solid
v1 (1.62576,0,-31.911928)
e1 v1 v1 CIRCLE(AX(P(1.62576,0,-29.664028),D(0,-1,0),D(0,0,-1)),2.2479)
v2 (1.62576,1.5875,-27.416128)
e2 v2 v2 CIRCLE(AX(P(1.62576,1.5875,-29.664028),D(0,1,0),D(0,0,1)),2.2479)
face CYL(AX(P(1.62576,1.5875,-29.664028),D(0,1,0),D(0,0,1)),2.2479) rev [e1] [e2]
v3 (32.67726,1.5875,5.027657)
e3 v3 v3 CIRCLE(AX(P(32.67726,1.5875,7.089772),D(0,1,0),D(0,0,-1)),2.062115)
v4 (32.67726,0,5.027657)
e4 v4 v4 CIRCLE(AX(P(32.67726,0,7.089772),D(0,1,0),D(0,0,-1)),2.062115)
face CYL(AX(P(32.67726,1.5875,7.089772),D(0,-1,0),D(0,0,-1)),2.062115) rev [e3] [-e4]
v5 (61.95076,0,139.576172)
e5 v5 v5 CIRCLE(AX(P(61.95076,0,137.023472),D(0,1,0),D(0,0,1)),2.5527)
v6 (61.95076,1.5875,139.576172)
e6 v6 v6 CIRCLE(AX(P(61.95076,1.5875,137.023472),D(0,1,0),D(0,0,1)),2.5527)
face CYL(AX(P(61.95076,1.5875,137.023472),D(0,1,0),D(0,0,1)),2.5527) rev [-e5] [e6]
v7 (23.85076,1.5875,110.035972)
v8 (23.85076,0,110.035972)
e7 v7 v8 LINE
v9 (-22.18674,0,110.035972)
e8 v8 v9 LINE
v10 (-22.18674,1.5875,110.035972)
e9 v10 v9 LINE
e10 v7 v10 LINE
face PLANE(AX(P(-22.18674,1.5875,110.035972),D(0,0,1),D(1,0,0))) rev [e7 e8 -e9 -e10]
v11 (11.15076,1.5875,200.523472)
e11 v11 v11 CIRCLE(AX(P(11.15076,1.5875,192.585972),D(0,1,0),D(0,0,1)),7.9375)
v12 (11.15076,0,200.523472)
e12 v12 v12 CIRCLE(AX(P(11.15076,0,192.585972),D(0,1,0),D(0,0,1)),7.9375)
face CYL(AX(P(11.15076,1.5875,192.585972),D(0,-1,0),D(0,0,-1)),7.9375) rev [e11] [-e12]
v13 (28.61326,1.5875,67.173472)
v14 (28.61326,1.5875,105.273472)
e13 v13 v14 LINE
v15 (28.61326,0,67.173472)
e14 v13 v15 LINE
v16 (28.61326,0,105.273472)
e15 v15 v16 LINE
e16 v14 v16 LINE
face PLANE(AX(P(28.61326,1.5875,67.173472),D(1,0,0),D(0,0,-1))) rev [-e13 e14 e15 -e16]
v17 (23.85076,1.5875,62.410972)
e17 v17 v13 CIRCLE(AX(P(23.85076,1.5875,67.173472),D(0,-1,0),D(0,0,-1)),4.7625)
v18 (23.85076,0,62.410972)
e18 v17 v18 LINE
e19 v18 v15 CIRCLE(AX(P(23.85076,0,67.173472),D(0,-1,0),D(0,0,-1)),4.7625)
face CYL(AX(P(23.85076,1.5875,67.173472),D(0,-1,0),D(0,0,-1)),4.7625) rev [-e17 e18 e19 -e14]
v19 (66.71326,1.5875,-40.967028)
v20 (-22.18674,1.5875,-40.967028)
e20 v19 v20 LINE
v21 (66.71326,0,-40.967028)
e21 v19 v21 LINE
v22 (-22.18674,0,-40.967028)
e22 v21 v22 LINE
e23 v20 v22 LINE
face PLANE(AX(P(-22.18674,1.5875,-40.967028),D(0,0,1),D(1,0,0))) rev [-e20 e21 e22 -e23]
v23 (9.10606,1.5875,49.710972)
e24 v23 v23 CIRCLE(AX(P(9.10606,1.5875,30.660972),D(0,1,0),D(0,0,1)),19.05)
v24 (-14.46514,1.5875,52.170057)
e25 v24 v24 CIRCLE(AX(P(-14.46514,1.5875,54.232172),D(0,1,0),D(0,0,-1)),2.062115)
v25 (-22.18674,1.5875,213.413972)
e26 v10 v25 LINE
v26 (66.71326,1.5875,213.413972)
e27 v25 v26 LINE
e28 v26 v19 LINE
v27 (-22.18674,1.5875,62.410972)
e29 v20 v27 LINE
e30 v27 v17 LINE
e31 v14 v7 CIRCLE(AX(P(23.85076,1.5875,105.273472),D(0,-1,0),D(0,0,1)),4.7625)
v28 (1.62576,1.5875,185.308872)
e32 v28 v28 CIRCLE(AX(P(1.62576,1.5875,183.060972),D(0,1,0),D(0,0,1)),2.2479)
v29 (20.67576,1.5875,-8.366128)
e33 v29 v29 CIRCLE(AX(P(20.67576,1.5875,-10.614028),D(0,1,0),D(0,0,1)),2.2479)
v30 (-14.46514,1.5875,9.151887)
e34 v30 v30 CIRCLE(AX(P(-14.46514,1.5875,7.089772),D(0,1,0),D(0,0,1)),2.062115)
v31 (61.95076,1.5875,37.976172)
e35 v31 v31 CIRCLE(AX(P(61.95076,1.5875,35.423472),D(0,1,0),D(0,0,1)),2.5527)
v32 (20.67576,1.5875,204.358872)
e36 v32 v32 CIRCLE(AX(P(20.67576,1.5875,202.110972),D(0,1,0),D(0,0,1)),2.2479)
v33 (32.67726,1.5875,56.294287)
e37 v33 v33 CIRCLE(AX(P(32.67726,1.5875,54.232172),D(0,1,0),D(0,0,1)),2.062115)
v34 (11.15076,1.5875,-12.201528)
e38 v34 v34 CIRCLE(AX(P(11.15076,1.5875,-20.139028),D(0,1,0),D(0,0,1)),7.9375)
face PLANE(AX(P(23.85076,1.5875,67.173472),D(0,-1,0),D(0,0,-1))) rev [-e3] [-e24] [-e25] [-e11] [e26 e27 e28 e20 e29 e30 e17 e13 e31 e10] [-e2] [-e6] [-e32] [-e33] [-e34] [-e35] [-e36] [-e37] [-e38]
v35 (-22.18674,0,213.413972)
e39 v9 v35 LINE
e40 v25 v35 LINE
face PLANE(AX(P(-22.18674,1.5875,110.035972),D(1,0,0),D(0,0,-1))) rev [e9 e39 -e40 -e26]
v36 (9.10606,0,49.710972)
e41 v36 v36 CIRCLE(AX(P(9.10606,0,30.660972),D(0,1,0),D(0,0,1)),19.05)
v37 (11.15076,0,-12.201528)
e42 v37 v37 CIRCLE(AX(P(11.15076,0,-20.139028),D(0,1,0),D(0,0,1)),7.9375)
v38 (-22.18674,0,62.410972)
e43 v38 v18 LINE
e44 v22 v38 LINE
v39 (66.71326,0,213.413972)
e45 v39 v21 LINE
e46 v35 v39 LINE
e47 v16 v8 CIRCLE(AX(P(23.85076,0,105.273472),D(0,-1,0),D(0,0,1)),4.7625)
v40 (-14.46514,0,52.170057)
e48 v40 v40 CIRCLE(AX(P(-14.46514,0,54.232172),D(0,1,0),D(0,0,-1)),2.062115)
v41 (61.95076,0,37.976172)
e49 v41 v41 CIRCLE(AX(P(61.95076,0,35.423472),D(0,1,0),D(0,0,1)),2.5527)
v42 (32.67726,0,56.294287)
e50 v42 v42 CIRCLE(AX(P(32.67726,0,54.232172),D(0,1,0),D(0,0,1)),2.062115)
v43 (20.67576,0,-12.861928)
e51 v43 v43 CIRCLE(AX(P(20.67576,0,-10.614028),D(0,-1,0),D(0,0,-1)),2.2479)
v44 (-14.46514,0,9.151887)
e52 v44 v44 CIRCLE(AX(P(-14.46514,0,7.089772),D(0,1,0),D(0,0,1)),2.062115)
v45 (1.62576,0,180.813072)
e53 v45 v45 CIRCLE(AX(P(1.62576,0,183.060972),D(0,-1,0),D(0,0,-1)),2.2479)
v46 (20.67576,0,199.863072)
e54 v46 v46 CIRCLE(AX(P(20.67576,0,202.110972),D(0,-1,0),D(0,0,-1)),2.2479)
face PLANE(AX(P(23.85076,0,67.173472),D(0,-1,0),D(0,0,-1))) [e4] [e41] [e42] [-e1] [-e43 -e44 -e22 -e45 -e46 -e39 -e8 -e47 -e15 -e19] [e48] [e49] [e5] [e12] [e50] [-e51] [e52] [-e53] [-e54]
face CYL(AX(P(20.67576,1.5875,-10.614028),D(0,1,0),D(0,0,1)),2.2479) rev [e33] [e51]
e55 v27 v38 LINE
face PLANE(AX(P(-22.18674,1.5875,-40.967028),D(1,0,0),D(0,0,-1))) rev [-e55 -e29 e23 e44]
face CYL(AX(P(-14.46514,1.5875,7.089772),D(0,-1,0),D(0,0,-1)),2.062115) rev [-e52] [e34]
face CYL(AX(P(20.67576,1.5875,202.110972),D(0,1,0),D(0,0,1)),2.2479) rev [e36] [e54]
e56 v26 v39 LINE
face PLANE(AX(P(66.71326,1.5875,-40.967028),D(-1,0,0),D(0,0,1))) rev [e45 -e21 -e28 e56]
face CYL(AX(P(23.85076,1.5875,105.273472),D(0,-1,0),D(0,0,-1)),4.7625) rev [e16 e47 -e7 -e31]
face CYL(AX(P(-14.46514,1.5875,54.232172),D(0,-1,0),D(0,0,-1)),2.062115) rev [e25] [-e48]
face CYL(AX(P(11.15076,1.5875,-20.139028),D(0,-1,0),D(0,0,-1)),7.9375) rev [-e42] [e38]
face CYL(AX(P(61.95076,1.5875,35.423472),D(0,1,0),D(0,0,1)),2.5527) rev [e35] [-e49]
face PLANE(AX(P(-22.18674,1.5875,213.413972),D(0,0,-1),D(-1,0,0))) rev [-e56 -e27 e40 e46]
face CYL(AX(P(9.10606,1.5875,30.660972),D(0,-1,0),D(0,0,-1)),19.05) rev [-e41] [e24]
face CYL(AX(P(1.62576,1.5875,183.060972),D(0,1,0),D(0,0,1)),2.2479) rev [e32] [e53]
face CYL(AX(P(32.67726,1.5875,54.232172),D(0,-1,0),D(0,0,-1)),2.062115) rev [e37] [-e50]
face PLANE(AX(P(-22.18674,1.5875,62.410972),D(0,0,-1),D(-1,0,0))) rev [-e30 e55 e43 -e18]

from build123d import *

# Parameters (mm, degrees)
SKETCH1_R                 = 19.05
SKETCH1_R_2               = 7.9375
SKETCH1_R_3               = 2.062114731
BOSS_EXTRUDE1_DEPTH       = 1.5875
F_10_CLEARANCE_HOLE1_D    = 5.1054
F_8_CLEARANCE_HOLE1_D     = 4.4958
F_8_CLEARANCE_HOLE1_DEPTH = 6.35
F_8_CLEARANCE_HOLE1_TIP   = 1.350674586


with BuildPart() as part:
    # Sketch1 → Boss-Extrude1 (new body)
    with BuildSketch(Plane(origin=(0, 0, 0), x_dir=(1, 0, 0), z_dir=(0, 1, 0))):
        with BuildLine():
            Line((-22.186740071, -110.035971993), (-22.186740071, -213.413971993))
            Line((-22.186740071, -213.413971993), (66.713259929, -213.413971993))
            Line((66.713259929, -213.413971993), (66.713259929, 40.967028007))
            Line((66.713259929, 40.967028007), (-22.186740071, 40.967028007))
            Line((-22.186740071, 40.967028007), (-22.186740071, -62.410971993))
            Line((-22.186740071, -62.410971993), (23.850759929, -62.410971993))
            ThreePointArc((23.850759929, -62.410971993), (27.218355974, -63.805875948), (28.613259929, -67.173471993))
            Line((28.613259929, -67.173471993), (28.613259929, -105.273471993))
            ThreePointArc((28.613259929, -105.273471993), (27.218355974, -108.641068039), (23.850759929, -110.035971993))
            Line((23.850759929, -110.035971993), (-22.186740071, -110.035971993))
        make_face()
        with Locations(Location((9.106059929, -30.660971993, 0), (0, 0, 270))):
            Circle(SKETCH1_R, mode=Mode.SUBTRACT)
        with Locations(Location((11.150759929, 20.139028007, 0), (0, 0, 270))):
            Circle(SKETCH1_R_2, mode=Mode.SUBTRACT)
        with Locations(Location((11.150759929, -192.585971993, 0), (0, 0, 270))):
            Circle(SKETCH1_R_2, mode=Mode.SUBTRACT)
        with Locations(Location((-14.465140071, -7.089771993, 0), (0, 0, 270))):
            Circle(SKETCH1_R_3, mode=Mode.SUBTRACT)
        with Locations(Location((32.677259929, -7.089771993, 0), (0, 0, 90))):
            Circle(SKETCH1_R_3, mode=Mode.SUBTRACT)
        with Locations(Location((32.677259929, -54.232171993, 0), (0, 0, 270))):
            Circle(SKETCH1_R_3, mode=Mode.SUBTRACT)
        with Locations(Location((-14.465140071, -54.232171993, 0), (0, 0, 90))):
            Circle(SKETCH1_R_3, mode=Mode.SUBTRACT)
    extrude(amount=BOSS_EXTRUDE1_DEPTH)

    # #10 Clearance Hole1 (through all)
    with Locations(Plane(origin=(0, 1.5875, 0), x_dir=(1, 0, 0), z_dir=(0, 1, 0))):
        with Locations((61.950759929, -137.023471993), (61.950759929, -35.423471993)):
            Hole(F_10_CLEARANCE_HOLE1_D / 2)

    # #8 Clearance Hole1
    with Locations(Plane(origin=(0, 1.5875, 0), x_dir=(1, 0, 0), z_dir=(0, 1, 0))):
        with Locations((1.625759929, 29.664028007), (20.675759929, 10.614028007), (1.625759929, -183.060971993), (20.675759929, -202.110971993)):
            Hole(F_8_CLEARANCE_HOLE1_D / 2, depth=F_8_CLEARANCE_HOLE1_DEPTH)
            with Locations((0, 0, -(F_8_CLEARANCE_HOLE1_DEPTH + F_8_CLEARANCE_HOLE1_TIP / 2))):  # 118° drill point
                Cone(0, F_8_CLEARANCE_HOLE1_D / 2, F_8_CLEARANCE_HOLE1_TIP, mode=Mode.SUBTRACT)


solid = part.part
